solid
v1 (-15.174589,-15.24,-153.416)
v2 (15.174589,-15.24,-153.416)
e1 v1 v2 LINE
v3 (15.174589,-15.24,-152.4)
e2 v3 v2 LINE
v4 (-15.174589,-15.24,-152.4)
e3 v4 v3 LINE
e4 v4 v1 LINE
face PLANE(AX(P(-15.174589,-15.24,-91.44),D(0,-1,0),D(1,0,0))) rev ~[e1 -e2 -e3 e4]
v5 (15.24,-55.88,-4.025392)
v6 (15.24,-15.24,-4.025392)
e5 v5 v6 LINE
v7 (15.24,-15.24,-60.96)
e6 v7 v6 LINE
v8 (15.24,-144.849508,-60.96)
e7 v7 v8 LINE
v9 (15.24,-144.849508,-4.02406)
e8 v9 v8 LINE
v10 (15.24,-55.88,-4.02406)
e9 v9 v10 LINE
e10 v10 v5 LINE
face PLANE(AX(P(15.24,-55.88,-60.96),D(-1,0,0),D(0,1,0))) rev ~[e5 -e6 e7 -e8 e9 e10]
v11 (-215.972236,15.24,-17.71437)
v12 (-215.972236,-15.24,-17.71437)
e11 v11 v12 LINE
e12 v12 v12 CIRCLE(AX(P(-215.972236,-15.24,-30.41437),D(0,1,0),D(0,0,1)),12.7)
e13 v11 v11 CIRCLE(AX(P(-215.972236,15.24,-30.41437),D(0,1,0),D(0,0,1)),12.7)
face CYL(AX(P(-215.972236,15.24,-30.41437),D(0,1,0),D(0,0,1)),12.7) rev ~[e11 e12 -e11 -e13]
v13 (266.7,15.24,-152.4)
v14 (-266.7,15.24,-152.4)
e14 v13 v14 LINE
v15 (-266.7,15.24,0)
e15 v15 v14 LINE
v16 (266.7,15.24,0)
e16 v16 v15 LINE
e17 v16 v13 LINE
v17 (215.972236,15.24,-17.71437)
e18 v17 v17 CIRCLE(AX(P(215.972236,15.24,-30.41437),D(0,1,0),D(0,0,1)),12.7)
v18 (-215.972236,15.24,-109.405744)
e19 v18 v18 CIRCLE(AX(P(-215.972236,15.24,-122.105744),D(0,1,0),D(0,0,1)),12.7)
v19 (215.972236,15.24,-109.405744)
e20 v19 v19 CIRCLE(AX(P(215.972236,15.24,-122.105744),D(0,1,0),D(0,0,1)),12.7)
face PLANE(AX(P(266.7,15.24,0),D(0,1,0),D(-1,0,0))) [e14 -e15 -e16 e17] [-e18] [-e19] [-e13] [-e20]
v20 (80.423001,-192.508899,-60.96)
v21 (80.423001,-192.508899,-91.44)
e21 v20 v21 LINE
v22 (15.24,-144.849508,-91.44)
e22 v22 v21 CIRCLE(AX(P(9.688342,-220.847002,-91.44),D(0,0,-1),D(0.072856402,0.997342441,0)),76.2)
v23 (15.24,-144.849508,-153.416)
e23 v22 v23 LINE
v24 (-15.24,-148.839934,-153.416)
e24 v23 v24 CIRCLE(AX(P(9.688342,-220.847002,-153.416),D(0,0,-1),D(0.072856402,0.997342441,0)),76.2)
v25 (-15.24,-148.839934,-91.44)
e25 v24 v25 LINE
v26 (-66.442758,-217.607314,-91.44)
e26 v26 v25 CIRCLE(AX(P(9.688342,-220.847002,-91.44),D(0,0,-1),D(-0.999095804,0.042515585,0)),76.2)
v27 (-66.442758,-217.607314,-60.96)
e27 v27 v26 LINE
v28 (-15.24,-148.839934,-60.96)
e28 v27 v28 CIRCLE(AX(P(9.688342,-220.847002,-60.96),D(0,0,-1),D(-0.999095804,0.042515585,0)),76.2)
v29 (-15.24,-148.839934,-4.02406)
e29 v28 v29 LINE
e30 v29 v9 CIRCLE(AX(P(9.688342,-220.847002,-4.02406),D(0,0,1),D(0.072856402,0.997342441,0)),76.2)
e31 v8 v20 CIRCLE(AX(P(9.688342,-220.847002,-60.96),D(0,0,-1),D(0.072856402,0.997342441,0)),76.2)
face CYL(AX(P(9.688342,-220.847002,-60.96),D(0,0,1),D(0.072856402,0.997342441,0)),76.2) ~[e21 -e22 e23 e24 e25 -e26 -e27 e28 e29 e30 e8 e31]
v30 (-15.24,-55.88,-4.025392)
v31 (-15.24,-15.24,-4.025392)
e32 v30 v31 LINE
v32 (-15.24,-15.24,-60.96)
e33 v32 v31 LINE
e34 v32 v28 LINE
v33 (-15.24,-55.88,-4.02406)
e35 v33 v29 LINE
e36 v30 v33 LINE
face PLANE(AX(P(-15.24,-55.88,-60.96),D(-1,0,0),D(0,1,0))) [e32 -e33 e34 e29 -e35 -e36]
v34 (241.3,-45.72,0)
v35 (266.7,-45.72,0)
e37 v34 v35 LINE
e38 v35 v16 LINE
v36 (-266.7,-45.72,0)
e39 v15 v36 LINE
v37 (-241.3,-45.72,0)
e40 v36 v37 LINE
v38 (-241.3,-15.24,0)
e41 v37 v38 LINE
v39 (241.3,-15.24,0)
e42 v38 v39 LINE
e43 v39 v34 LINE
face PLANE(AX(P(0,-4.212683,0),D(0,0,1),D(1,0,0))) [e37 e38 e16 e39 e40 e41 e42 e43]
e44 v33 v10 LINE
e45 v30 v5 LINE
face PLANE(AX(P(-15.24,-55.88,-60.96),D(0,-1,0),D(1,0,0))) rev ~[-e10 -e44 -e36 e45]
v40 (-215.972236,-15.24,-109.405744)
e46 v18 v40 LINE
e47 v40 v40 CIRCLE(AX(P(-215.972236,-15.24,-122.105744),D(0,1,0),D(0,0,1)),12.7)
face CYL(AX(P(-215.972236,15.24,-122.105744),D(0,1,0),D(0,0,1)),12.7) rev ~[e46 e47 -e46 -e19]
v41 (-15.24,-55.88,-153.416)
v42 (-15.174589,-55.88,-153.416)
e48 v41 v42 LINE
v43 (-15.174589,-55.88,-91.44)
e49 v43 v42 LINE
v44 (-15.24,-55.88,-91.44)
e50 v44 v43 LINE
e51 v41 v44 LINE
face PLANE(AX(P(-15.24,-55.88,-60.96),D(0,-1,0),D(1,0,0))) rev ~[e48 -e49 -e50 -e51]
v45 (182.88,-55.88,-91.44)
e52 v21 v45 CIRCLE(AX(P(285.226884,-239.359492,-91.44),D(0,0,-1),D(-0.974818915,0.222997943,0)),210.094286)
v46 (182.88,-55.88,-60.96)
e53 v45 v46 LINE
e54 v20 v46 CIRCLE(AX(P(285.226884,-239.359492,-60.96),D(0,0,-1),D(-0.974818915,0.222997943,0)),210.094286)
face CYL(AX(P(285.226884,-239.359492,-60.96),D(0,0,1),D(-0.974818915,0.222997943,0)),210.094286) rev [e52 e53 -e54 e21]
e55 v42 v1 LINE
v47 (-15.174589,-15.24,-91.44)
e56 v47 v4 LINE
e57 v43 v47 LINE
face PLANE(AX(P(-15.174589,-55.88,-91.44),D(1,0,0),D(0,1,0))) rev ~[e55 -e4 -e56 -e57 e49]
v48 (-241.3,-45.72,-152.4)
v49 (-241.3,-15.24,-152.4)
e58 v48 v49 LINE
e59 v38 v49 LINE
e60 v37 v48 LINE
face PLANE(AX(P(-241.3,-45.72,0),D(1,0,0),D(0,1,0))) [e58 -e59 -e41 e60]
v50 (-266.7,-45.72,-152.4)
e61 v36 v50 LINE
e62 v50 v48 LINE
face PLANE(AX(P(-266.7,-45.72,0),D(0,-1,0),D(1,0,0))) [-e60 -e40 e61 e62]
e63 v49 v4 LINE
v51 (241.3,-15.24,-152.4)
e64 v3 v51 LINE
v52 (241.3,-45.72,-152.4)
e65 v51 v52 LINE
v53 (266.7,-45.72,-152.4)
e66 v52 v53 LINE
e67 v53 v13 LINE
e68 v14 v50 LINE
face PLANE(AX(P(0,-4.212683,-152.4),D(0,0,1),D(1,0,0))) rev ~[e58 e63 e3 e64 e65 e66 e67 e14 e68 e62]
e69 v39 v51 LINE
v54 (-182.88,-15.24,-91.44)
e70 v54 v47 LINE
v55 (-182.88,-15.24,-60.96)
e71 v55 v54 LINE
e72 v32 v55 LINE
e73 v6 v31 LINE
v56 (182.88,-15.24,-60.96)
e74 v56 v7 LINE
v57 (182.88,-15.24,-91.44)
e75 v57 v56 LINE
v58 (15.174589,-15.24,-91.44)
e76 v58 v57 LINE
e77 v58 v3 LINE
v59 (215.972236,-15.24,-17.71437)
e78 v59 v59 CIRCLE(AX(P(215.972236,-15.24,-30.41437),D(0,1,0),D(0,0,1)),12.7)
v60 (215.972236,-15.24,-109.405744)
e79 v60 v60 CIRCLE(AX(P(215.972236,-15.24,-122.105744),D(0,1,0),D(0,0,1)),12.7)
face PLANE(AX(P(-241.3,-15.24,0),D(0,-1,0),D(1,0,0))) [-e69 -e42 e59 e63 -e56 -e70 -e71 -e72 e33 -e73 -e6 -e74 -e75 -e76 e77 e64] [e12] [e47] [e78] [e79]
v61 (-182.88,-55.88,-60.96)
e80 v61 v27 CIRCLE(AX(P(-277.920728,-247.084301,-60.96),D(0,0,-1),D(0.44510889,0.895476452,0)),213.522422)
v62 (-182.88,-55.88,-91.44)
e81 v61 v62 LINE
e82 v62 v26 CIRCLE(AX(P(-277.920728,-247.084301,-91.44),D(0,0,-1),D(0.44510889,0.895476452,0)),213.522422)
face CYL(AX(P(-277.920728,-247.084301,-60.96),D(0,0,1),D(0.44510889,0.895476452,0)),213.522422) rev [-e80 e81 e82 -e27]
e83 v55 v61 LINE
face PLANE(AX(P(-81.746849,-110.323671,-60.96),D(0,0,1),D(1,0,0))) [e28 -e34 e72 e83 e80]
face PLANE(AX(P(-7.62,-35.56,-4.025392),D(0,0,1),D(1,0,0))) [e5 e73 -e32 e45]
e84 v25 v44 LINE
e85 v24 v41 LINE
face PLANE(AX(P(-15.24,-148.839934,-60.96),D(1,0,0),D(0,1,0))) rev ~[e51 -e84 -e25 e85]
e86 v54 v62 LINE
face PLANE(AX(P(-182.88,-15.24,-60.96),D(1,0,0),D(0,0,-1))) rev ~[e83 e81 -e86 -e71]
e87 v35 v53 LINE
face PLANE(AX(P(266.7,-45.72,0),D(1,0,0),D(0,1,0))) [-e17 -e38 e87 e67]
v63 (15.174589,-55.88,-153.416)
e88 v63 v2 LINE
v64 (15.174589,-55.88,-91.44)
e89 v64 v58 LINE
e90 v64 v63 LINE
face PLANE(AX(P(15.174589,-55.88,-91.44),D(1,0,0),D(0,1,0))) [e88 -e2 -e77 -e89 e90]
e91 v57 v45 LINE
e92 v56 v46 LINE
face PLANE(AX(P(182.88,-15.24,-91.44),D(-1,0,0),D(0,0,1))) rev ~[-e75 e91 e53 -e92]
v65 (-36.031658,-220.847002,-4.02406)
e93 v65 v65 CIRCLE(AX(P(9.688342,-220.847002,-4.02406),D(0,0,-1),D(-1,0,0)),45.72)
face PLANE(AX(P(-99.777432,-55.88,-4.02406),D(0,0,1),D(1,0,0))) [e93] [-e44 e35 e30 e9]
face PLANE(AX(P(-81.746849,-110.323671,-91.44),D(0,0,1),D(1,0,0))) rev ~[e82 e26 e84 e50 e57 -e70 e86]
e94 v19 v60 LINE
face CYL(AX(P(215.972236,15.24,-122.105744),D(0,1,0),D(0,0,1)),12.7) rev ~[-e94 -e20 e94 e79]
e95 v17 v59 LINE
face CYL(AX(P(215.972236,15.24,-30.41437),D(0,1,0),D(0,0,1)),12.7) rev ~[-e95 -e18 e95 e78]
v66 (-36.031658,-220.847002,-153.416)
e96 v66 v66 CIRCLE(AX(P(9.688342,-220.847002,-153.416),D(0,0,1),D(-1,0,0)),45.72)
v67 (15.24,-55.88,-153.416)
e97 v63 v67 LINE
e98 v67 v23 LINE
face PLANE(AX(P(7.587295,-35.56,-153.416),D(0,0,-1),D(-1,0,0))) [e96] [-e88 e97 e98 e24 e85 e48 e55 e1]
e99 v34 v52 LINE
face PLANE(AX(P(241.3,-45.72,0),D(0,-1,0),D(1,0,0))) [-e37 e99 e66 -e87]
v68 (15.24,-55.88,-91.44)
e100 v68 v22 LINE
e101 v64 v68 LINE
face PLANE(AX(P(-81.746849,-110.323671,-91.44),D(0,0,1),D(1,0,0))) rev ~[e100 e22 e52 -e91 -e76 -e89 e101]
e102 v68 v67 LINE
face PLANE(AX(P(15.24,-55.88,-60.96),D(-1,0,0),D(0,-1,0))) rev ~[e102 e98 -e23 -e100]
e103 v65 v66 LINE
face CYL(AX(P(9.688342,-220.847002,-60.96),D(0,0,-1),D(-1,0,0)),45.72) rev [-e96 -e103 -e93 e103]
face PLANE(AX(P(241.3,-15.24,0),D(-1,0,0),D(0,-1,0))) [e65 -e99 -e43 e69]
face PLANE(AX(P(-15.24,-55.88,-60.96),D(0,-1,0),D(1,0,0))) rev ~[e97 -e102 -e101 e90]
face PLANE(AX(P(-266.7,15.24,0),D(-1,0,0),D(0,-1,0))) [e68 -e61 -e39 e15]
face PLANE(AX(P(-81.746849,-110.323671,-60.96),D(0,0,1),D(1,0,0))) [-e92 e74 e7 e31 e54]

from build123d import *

# Parameters (mm, degrees)
BOSS_EXTRUDE1_DEPTH  = 152.4
SKETCH3_R            = 12.7
CUT_EXTRUDE1_DEPTH   = 40.64
SKETCH4_W            = 365.76
SKETCH4_H            = 30.48
BOSS_EXTRUDE2_DEPTH  = 40.64
BOSS_EXTRUDE7_DEPTH  = 30.48
SKETCH5_16_R         = 45.72
BOSS_EXTRUDE9_DEPTH  = 92.456
SKETCH9_W            = 206.074408616
SKETCH9_H            = 47.358127706
CUT_EXTRUDE3_DEPTH   = 256.032
SKETCH10_W           = 30.34917866
SKETCH10_H           = 40.64
BOSS_EXTRUDE10_DEPTH = 61.976
SKETCH11_W           = 30.48
SKETCH11_H           = 40.64
BOSS_EXTRUDE11_DEPTH = 56.934608


with BuildPart() as part:
    # Sketch1 → Boss-Extrude1 (new body)
    with BuildSketch(Plane.XY):
        Polygon((266.7, 15.24), (-266.7, 15.24), (-266.7, -15.24), (-266.7, -45.72), (-241.3, -45.72), (-241.3, -15.24), (241.3, -15.24), (241.3, -45.72), (266.7, -45.72), (266.7, -15.24), align=None)
    extrude(amount=-BOSS_EXTRUDE1_DEPTH)

    # Sketch3 → Cut-Extrude1 (cut)
    with BuildSketch(Plane(origin=(0, 15.24, 0), x_dir=(1, 0, 0), z_dir=(0, 1, 0))):
        with Locations((-215.972235605, 122.105743834)):
            Circle(SKETCH3_R)
        with Locations((-215.972235605, 30.414369603)):
            Circle(SKETCH3_R)
        with Locations((215.972235605, 30.414369603)):
            Circle(SKETCH3_R)
        with Locations((215.972235605, 122.105743834)):
            Circle(SKETCH3_R)
    extrude(amount=-CUT_EXTRUDE1_DEPTH, mode=Mode.SUBTRACT)

    # Sketch4 → Boss-Extrude2 (add)
    with BuildSketch(Plane.XZ.offset(15.24)):
        with Locations((0, -76.2)):
            Rectangle(SKETCH4_W, SKETCH4_H)
    extrude(amount=BOSS_EXTRUDE2_DEPTH)

    # Sketch5 → Boss-Extrude7 (add)
    with BuildSketch(Plane.XY.offset(-60.96)):
        with BuildLine():
            Line((-15.24, -148.839934257), (-15.24, -55.88))
            Line((-15.24, -55.88), (-182.88, -55.88))
            ThreePointArc((-182.88, -55.88), (-104.636686401, -122.326673794), (-66.442758058, -217.60731411))
            ThreePointArc((-66.442758058, -217.60731411), (-51.430319931, -175.339319441), (-15.24, -148.839934257))
        make_face()
        with BuildLine():
            Line((182.88, -55.88), (15.24, -55.88))
            Line((15.24, -55.88), (15.24, -144.84950765))
            ThreePointArc((15.24, -144.84950765), (54.663389815, -159.335335359), (80.423000783, -192.508898804))
            ThreePointArc((80.423000783, -192.508898804), (117.142790659, -113.314475438), (182.88, -55.88))
        make_face()
    extrude(amount=-BOSS_EXTRUDE7_DEPTH)

    # Sketch5<16> → Boss-Extrude9 (add, symmetric)
    with BuildSketch(Plane.XY.offset(-60.96)):
        with BuildLine():
            Line((-15.24, -55.88), (15.24, -55.88))
            Line((15.24, -55.88), (15.24, -144.84950765))
            ThreePointArc((15.24, -144.84950765), (19.579997786, -296.402247336), (-15.24, -148.839934257))
            Line((-15.24, -148.839934257), (-15.24, -55.88))
        make_face()
        with Locations((9.688342188, -220.847001658)):
            Circle(SKETCH5_16_R, mode=Mode.SUBTRACT)
    extrude(amount=BOSS_EXTRUDE9_DEPTH, both=True)

    # Sketch9 → Cut-Extrude3 (cut)
    with BuildSketch(Plane(origin=(0, -55.88, 0), x_dir=(1, 0, 0), z_dir=(0, 1, 0))):
        with Locations((3.259772677, -19.655003422)):
            Rectangle(SKETCH9_W, SKETCH9_H)
    extrude(amount=-CUT_EXTRUDE3_DEPTH, mode=Mode.SUBTRACT)

    # Sketch10 → Boss-Extrude10 (add)
    with BuildSketch(Plane(origin=(0, 0, -91.44), x_dir=(-1, 0, 0), z_dir=(0, 0, -1))):
        with Locations((0, -35.56)):
            Rectangle(SKETCH10_W, SKETCH10_H)
    extrude(amount=BOSS_EXTRUDE10_DEPTH)

    # Sketch11 → Boss-Extrude11 (add)
    with BuildSketch(Plane.XY.offset(-60.96)):
        with Locations((0, -35.56)):
            Rectangle(SKETCH11_W, SKETCH11_H)
    extrude(amount=BOSS_EXTRUDE11_DEPTH)


solid = part.part
